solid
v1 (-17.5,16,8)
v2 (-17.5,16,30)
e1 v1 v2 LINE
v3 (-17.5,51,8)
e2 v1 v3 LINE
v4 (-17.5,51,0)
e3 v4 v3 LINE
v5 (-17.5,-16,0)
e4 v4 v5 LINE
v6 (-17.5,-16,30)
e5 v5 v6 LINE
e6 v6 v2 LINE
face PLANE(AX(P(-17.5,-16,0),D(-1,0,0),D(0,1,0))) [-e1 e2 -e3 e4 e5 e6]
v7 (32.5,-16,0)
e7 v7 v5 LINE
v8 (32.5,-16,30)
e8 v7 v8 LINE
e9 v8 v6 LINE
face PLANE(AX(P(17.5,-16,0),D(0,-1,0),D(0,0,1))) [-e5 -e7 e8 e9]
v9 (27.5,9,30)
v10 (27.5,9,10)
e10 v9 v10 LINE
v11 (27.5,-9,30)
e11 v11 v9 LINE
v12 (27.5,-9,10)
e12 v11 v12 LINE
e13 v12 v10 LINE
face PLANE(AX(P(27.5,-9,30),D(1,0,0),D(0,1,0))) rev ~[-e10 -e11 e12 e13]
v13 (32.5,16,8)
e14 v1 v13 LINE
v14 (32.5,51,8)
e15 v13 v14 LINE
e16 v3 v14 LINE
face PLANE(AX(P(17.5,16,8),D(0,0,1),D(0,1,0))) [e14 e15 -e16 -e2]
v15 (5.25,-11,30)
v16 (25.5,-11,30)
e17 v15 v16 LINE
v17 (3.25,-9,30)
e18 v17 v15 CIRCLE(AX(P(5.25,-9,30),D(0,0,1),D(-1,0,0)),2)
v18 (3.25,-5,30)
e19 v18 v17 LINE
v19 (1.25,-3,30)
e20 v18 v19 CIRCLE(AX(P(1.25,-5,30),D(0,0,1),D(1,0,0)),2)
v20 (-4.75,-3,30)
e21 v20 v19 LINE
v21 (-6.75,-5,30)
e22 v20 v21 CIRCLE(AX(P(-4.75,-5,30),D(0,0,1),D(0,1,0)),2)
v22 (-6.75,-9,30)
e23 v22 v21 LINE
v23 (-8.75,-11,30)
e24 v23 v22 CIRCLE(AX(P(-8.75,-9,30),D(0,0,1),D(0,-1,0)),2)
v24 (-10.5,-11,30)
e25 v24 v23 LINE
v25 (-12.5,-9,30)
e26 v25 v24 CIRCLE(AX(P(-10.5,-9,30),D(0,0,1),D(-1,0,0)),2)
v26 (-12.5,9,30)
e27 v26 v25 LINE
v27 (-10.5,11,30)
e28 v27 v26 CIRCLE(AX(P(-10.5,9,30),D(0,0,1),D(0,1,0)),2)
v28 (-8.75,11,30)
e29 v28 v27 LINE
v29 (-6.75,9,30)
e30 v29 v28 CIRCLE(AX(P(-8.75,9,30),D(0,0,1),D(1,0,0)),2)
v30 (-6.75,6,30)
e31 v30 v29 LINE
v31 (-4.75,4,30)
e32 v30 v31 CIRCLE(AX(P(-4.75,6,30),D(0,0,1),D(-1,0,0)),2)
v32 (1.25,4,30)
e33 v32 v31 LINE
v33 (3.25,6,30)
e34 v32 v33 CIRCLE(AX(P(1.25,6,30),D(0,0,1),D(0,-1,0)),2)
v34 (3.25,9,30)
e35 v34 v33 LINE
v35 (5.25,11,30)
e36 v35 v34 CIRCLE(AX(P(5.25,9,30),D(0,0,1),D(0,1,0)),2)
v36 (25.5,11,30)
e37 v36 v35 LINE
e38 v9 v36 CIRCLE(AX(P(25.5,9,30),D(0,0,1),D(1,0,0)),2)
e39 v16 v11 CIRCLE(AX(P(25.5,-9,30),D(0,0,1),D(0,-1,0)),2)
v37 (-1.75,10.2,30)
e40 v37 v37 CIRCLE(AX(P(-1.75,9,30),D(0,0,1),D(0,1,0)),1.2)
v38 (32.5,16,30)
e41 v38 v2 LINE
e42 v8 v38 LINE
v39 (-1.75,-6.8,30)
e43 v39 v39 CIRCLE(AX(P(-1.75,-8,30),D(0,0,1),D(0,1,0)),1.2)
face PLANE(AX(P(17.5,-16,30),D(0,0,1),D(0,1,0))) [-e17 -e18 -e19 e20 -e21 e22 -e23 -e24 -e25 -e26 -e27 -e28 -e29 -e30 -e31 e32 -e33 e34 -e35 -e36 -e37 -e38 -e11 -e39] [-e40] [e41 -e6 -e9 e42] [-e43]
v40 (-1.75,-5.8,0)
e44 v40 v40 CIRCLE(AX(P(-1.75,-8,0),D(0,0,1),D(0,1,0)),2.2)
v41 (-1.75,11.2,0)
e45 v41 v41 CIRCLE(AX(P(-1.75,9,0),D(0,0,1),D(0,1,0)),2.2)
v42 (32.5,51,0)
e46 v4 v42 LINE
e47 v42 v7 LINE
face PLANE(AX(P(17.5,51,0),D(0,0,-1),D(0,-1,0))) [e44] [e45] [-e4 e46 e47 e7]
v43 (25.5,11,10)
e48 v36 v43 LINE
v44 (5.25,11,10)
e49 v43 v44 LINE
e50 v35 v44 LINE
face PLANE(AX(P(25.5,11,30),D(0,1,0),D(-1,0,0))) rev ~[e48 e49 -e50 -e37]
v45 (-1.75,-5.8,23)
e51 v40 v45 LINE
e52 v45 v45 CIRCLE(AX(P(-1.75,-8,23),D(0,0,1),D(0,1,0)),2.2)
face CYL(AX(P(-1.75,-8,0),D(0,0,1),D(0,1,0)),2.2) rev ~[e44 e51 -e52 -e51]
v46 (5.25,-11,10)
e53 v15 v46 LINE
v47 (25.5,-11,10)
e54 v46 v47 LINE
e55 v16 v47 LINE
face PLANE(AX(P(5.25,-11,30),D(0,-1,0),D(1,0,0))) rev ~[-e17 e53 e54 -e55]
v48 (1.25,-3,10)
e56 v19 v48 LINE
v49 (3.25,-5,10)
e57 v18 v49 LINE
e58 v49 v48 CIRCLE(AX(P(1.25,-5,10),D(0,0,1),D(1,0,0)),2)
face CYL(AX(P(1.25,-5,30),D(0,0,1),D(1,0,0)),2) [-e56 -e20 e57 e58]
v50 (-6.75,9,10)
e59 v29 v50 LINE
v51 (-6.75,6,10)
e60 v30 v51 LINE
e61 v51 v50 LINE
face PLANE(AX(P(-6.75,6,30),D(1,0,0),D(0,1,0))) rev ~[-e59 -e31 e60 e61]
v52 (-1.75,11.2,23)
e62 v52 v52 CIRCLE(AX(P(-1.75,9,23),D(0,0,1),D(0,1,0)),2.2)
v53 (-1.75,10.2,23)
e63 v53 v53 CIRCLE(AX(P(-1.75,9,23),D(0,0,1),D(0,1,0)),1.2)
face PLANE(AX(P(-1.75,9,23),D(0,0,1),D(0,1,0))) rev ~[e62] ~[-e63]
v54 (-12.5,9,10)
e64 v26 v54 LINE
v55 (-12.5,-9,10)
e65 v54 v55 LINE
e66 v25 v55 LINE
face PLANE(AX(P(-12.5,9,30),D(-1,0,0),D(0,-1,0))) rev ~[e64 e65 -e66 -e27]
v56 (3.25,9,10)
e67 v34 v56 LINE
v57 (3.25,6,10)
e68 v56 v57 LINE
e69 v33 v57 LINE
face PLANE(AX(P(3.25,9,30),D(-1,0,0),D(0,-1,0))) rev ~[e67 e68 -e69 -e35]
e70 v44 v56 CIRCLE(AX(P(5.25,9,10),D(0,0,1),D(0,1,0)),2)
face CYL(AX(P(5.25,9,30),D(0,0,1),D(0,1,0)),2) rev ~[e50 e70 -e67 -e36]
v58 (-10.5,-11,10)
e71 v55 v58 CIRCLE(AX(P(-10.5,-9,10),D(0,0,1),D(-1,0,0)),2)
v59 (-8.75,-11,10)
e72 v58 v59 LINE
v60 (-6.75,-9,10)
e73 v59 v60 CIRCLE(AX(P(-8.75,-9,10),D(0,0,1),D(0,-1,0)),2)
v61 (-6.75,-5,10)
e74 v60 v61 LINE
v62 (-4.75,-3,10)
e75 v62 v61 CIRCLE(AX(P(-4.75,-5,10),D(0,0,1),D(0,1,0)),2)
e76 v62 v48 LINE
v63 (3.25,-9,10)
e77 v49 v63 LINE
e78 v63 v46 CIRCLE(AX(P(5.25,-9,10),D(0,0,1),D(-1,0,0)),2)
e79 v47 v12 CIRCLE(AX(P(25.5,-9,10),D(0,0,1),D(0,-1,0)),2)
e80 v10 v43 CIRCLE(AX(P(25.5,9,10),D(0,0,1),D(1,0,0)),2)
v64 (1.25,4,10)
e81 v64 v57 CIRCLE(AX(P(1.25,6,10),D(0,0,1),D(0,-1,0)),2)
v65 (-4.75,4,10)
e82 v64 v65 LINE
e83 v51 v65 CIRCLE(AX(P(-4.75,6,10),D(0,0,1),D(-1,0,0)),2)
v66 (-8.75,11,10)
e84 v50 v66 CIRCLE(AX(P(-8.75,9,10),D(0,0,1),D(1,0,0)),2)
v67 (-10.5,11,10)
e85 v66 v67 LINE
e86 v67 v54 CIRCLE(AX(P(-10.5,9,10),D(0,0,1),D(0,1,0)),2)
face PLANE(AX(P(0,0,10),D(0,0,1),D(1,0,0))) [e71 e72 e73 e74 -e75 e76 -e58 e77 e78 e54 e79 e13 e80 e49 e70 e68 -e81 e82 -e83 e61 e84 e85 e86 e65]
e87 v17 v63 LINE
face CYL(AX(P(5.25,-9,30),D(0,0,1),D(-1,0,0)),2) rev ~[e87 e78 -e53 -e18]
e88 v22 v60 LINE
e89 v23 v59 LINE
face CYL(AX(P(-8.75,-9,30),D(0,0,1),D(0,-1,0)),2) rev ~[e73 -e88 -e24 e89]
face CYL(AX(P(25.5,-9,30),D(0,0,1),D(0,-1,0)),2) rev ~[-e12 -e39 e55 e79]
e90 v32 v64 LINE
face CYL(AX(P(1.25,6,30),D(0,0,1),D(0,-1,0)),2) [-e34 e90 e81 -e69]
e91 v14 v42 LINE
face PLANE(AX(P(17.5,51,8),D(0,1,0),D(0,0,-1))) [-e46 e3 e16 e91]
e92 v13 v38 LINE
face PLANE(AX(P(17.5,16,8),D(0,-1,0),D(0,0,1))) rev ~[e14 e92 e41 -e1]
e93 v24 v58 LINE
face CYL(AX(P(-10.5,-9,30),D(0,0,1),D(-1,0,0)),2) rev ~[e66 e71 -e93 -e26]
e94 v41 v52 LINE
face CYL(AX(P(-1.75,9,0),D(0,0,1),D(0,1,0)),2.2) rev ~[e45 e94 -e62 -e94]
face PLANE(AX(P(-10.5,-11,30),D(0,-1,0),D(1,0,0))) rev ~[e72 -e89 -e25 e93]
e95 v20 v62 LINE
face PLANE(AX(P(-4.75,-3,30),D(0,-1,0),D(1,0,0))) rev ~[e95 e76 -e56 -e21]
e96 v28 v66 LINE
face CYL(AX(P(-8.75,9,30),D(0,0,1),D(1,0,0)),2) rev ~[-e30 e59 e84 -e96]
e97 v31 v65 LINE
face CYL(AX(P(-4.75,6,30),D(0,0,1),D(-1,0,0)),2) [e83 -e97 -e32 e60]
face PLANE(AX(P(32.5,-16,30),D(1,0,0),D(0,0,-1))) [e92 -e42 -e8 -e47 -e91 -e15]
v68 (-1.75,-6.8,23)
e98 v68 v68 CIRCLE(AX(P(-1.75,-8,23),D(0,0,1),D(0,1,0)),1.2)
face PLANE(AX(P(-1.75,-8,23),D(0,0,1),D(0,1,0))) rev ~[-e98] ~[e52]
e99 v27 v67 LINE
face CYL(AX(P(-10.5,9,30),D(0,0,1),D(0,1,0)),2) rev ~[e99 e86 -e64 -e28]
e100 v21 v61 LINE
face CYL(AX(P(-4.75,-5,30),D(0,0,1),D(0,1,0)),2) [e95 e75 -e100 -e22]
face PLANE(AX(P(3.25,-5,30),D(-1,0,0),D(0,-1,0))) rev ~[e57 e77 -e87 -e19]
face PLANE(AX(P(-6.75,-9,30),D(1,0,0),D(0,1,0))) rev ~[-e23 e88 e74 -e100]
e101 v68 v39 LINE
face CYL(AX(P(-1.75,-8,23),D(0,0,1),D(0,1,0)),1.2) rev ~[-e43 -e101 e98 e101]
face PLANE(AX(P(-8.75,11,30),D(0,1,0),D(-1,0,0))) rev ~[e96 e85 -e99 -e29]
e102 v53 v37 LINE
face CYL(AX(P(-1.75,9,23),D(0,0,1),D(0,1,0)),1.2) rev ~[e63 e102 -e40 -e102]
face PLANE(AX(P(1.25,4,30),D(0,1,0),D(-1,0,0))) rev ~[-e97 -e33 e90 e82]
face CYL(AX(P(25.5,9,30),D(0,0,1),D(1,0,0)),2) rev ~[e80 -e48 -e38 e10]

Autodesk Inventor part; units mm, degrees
ref_plane "YZ Plane" through (0, 0, 0) normal (1, 0, 0) x (0, 1, 0)
ref_plane "XZ Plane" through (0, 0, 0) normal (0, 1, 0) x (-1, 0, 0)
ref_plane "XY Plane" through (0, 0, 0) normal (0, 0, 1) x (1, 0, 0)
sketch "Sketch1" plane through (0, 0, 0) normal (0, 0, 1) x (1, 0, 0)
  line L0 (-17.5, 16) -> (17.5, 16)
  line L1 (17.5, 16) -> (17.5, -16)
  line L2 (17.5, -16) -> (-17.5, -16)
  line L3 (-17.5, -16) -> (-17.5, 16)
  point P0 (0, 0)
  dimension "d0" = 35
  dimension "d1" = 32
  dimension "d2" = 16
  dimension "d3" = 17.5
extrude "Extrusion1" add sketch "Sketch1" along normal blind 30
sketch "Sketch2" plane through (-17.5, 16, 0) normal (0, 1, 0) x (1, 0, 0)
  line L0 (0, 0) -> (35, 0) projected
  line L1 (0, 0) -> (0, -30) projected
  line L2 (35, -30) -> (0, -30) projected
  line L3 (35, 0) -> (35, -30) projected
  line L4 (0, 0) -> (0, -30) projected
  line L5 (35, 0) -> (35, -30) projected
  line L6 (0, 0) -> (35, 0)
  line L7 (35, 0) -> (35, -8)
  line L8 (35, -8) -> (0, -8)
  line L9 (0, -8) -> (0, 0)
  point P0 (17.5, 0)
  dimension "d6" = 8
extrude "Extrusion2" add sketch "Sketch2" along normal blind 35 contours L0 L3 L8 L1
sketch "Sketch3" plane through (0, 0, 0) normal (0, 0, -1) x (-1, 0, 0)
  circle A0 centre (1.75, -8) radius 0.7835 projected
  circle A1 centre (1.75, 9) radius 0.7835 projected
  point P0 (0, 0)
hole "Hole1" at (-1.75, 9, 0) at (-1.75, -8, 0) direction (0, 0, 1) diameter 2.4 end through all counterbore diameter 4.4 counterbore depth 23 clearance for "Socket Head Cap Screw" size "M2" standard "Ansi Metric M Profile"
sketch "Sketch4" plane through (17.5, -16, 30) normal (1, 0, 0) x (0, 0, -1)
  line L0 (30, 67) -> (30, 0) projected
  line L1 (22, 67) -> (30, 67) projected
  line L2 (22, 32) -> (22, 67) projected
  line L3 (22, 32) -> (0, 32) projected
  line L4 (0, 0) -> (0, 32) projected
  line L5 (30, 0) -> (0, 0) projected
  point P0 (30, 16)
extrude "Extrusion3" add sketch "Sketch4" along normal blind 15
sketch "Sketch7" plane through (0, 0, 30) normal (0, 0, 1) x (1, 0, 0)
  circle A0 centre (-1.75, 9) radius 1.2 projected
  circle A1 centre (-1.75, -8) radius 1.2 projected
  line L0 (-17.5, 16) -> (32.5, 16) projected
  line L1 (-17.5, 16) -> (-17.5, -16) projected
  line L2 (-17.5, -16) -> (32.5, -16) projected
  line L3 (32.5, 16) -> (32.5, -16) projected
  line L4 (-6.75, -9) -> (-6.75, -5)
  line L5 (-4.75, -3) -> (1.25, -3)
  line L6 (3.25, -5) -> (3.25, -9)
  line L7 (5.25, -11) -> (25.5, -11)
  line L8 (27.5, -9) -> (27.5, 9)
  line L9 (25.5, 11) -> (5.25, 11)
  line L10 (3.25, 9) -> (3.25, 6)
  line L11 (1.25, 4) -> (-4.75, 4)
  line L12 (-6.75, 6) -> (-6.75, 9)
  line L13 (-8.75, 11) -> (-10.5, 11)
  line L14 (-12.5, 9) -> (-12.5, -9)
  line L15 (-10.5, -11) -> (-8.75, -11)
  arc A2 (-4.75, -3) -> (-6.75, -5) centre (-4.75, -5) ccw
  arc A3 (-8.75, -11) -> (-6.75, -9) centre (-8.75, -9) ccw
  arc A4 (-12.5, -9) -> (-10.5, -11) centre (-10.5, -9) ccw
  arc A5 (-10.5, 11) -> (-12.5, 9) centre (-10.5, 9) ccw
  arc A6 (-6.75, 9) -> (-8.75, 11) centre (-8.75, 9) ccw
  arc A7 (-6.75, 6) -> (-4.75, 4) centre (-4.75, 6) ccw
  arc A8 (1.25, 4) -> (3.25, 6) centre (1.25, 6) ccw
  arc A9 (5.25, 11) -> (3.25, 9) centre (5.25, 9) ccw
  arc A10 (27.5, 9) -> (25.5, 11) centre (25.5, 9) ccw
  arc A11 (25.5, -11) -> (27.5, -9) centre (25.5, -9) ccw
  arc A12 (3.25, -9) -> (5.25, -11) centre (5.25, -9) ccw
  arc A13 (3.25, -5) -> (1.25, -3) centre (1.25, -5) ccw
  point P0 (0, 0)
  point P1 (3.25, 11)
  point P2 (3.25, 4)
  point P3 (-6.75, 4)
  point P4 (-6.75, 11)
  point P5 (-12.5, -11)
  dimension "d18" = 5
  dimension "d19" = 5
  dimension "d21" = 5
  dimension "d22" = 5
  dimension "d23" = 5
  dimension "d24" = 5
  dimension "d25" = 5
  dimension "d26" = 5
  dimension "d27" = 5
  dimension "d28" = 2
  dimension "d29" = 2
extrude "Extrusion4" cut sketch "Sketch7" against normal blind 20 contours A3 L15 A4 L14 A5 L13 A6 L12 A7 L11 A8 L10 A9 L9 A10 L8 A11 L7 A12 L6 A13 L5 A2 L4
equation "\"d2\" = 0.5 * d1"
equation "\"d3\" = 0.5 * d0"
properties part number "zgalvo_cover"
